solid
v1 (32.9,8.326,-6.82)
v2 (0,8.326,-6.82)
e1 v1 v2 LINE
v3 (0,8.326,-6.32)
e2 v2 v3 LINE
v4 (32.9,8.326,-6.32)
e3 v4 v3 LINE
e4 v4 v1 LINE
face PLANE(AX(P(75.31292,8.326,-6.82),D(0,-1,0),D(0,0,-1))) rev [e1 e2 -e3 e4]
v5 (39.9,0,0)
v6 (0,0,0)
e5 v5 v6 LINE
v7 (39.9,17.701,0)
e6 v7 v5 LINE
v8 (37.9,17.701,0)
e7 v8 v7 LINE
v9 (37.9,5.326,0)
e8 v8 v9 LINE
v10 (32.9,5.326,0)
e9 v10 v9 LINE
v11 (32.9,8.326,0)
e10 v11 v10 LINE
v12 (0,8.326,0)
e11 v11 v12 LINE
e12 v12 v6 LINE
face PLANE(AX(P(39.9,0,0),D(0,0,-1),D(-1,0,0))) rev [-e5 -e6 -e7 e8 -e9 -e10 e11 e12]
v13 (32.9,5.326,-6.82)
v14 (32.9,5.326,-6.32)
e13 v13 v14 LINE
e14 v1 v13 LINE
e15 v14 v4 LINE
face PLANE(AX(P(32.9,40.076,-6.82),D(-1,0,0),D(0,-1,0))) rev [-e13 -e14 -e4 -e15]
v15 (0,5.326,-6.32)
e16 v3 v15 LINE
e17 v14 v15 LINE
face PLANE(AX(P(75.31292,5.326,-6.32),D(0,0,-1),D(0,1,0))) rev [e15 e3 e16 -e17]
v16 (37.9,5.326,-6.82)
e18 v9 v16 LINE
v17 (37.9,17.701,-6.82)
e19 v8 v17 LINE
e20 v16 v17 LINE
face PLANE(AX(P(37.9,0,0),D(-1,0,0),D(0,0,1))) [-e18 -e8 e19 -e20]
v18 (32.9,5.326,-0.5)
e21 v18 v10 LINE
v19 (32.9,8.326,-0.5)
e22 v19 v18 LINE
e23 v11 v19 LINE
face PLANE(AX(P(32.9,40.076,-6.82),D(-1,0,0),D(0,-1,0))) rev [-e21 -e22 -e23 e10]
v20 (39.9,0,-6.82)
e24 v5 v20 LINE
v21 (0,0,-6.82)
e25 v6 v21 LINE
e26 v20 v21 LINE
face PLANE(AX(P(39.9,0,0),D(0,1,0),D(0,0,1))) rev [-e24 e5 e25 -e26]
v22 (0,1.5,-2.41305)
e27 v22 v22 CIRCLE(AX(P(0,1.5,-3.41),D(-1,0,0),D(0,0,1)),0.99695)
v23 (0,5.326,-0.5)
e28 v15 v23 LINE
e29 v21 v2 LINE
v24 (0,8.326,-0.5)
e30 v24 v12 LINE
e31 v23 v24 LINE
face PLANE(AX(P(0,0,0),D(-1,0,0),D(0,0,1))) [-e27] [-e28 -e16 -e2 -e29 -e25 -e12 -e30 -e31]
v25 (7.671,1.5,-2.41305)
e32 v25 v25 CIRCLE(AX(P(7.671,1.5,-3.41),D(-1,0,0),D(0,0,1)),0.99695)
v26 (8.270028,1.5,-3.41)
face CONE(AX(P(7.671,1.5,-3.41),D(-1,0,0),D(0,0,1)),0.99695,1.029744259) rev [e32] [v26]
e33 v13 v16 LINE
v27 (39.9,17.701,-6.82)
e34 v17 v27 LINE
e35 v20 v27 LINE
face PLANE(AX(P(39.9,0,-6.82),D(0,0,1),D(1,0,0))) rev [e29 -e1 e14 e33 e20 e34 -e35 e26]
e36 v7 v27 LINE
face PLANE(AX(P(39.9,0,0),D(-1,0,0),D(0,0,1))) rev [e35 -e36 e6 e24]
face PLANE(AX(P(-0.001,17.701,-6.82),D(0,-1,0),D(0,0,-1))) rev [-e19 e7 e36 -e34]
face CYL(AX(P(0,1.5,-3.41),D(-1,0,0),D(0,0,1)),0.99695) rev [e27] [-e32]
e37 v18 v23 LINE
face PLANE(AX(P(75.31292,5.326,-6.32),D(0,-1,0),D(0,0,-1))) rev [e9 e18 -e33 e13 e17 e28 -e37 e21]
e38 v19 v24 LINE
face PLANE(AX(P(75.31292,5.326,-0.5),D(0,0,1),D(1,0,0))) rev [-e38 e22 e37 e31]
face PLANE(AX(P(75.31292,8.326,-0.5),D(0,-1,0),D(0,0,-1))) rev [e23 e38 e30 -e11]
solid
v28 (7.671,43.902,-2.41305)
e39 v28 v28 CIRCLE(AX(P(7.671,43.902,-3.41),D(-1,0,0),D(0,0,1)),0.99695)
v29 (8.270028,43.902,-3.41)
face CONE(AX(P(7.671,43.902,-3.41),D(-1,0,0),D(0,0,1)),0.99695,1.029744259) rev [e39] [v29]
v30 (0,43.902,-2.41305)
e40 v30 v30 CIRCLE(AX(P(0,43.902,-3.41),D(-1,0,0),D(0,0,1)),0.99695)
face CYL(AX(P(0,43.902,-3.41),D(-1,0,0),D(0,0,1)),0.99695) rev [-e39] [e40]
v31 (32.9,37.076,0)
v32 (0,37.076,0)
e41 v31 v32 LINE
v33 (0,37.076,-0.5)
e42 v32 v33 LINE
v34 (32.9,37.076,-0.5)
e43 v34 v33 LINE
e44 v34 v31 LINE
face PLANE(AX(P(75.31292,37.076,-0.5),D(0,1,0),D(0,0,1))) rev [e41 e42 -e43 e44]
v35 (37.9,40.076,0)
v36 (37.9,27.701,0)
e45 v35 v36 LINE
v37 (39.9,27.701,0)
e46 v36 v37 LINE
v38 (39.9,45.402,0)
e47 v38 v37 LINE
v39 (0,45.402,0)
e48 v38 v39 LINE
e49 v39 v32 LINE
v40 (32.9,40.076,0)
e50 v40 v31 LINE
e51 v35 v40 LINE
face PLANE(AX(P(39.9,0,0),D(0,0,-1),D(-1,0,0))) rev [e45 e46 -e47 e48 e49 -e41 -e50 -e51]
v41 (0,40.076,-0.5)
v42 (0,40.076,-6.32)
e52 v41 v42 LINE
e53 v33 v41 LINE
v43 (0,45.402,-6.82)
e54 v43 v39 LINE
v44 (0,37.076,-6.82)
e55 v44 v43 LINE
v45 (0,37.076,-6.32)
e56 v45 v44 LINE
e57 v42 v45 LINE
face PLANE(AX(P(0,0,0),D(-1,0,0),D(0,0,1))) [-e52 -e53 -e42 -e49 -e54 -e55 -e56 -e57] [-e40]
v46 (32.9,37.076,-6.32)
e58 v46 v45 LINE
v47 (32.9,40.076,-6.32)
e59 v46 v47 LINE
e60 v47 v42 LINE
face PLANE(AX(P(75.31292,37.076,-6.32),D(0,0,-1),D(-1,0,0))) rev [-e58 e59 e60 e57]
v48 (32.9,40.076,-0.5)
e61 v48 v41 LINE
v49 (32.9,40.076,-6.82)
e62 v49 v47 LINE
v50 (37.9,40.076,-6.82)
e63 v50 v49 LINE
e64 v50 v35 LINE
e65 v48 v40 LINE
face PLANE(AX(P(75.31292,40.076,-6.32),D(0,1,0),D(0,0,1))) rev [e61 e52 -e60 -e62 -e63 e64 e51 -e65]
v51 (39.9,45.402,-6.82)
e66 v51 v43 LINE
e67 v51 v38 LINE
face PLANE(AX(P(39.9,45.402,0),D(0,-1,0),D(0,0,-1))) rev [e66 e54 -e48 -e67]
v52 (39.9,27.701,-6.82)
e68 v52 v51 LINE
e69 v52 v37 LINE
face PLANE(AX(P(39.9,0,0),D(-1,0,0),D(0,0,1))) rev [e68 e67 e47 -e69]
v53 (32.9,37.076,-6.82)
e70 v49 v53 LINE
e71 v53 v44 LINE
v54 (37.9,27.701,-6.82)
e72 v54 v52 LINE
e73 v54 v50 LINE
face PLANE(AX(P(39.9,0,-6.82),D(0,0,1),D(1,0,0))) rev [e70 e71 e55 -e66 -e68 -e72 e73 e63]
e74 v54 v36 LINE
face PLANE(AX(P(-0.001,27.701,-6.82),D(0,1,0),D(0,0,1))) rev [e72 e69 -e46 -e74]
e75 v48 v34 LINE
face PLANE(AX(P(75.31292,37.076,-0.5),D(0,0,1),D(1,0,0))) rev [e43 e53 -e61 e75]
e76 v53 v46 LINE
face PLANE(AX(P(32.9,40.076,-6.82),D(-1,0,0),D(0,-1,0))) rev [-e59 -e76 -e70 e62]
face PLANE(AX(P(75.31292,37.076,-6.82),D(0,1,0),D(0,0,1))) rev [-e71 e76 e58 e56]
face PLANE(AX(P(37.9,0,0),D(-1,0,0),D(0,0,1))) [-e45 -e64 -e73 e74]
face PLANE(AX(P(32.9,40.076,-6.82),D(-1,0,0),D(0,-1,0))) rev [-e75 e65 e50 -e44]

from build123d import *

# Parameters (mm, degrees)
SKETCH1_W                 = 6.82
SKETCH1_H                 = 45.402
BOSS_EXTRUDE1_DEPTH       = 39.9
CUT_EXTRUDE1_DEPTH        = 35.9
CUT_EXTRUDE2_DEPTH        = 2
CUT_EXTRUDE4_DEPTH        = 7.82
F_3_48_TAPPED_HOLE1_D     = 1.9939
F_3_48_TAPPED_HOLE1_DEPTH = 7.671
F_3_48_TAPPED_HOLE1_TIP   = 0.599027994
CUT_EXTRUDE3_REACH        = 41.9
SKETCH6_W                 = 6.82
SKETCH6_H                 = 10


with BuildPart() as part:
    # Sketch1 → Boss-Extrude1 (new body)
    with BuildSketch(Plane(origin=(0, 0, 0), x_dir=(0, 0, -1), z_dir=(1, 0, 0))):
        with Locations((3.41, 22.701)):
            Rectangle(SKETCH1_W, SKETCH1_H)
    extrude(amount=BOSS_EXTRUDE1_DEPTH)

    # Sketch2 → Cut-Extrude1 (cut)
    with BuildSketch(Plane.ZY):
        Polygon((-6.32, 5.326), (-0.5, 5.326), (-0.5, 8.326), (0, 8.326), (0, 37.076), (-0.5, 37.076), (-0.5, 40.076), (-6.32, 40.076), (-6.32, 37.076), (-6.82, 37.076), (-6.82, 22.701), (-6.82, 8.326), (-6.32, 8.326), align=None)
    extrude(amount=-CUT_EXTRUDE1_DEPTH, mode=Mode.SUBTRACT)

    # Sketch3 → Cut-Extrude2 (cut)
    with BuildSketch(Plane.ZY.offset(-35.9)):
        Polygon((-6.32, 40.076), (-6.32, 37.076), (-6.82, 37.076), (-6.82, 8.326), (-6.32, 8.326), (-6.32, 5.326), (-0.5, 5.326), (-0.5, 8.326), (0, 8.326), (0, 37.076), (-0.5, 37.076), (-0.5, 40.076), align=None)
    extrude(amount=-CUT_EXTRUDE2_DEPTH, mode=Mode.SUBTRACT)

    # Sketch7 → Cut-Extrude4 (cut, through all)
    with BuildSketch(Plane.XY):
        Polygon((37.9, 37.076), (37.9, 8.326), (37.9, 5.326), (32.9, 5.326), (32.9, 40.076), (37.9, 40.076), align=None)
    extrude(amount=-CUT_EXTRUDE4_DEPTH, mode=Mode.SUBTRACT)

    # #3-48 Tapped Hole1
    with Locations(Plane.ZY):
        with Locations((-3.41, 1.5), (-3.41, 43.902)):
            Hole(F_3_48_TAPPED_HOLE1_D / 2, depth=F_3_48_TAPPED_HOLE1_DEPTH)
            with Locations((0, 0, -(F_3_48_TAPPED_HOLE1_DEPTH + F_3_48_TAPPED_HOLE1_TIP / 2))):  # 118° drill point
                Cone(0, F_3_48_TAPPED_HOLE1_D / 2, F_3_48_TAPPED_HOLE1_TIP, mode=Mode.SUBTRACT)

    # Sketch6 → Cut-Extrude3 (cut, up to next)
    with BuildSketch(Plane(origin=(39.9, 0, 0), x_dir=(0, 0, -1), z_dir=(1, 0, 0)), mode=Mode.PRIVATE) as cut_extrude3_sk1:
        with Locations((3.41, 22.701)):
            Rectangle(SKETCH6_W, SKETCH6_H)
    cut_extrude3_tool1 = extrude(cut_extrude3_sk1.sketch, amount=-CUT_EXTRUDE3_REACH, mode=Mode.PRIVATE) & part.part
    add(cut_extrude3_tool1.solids().sort_by_distance((39.9, 22.701, -3.41))[0], mode=Mode.SUBTRACT)


solid = part.part
